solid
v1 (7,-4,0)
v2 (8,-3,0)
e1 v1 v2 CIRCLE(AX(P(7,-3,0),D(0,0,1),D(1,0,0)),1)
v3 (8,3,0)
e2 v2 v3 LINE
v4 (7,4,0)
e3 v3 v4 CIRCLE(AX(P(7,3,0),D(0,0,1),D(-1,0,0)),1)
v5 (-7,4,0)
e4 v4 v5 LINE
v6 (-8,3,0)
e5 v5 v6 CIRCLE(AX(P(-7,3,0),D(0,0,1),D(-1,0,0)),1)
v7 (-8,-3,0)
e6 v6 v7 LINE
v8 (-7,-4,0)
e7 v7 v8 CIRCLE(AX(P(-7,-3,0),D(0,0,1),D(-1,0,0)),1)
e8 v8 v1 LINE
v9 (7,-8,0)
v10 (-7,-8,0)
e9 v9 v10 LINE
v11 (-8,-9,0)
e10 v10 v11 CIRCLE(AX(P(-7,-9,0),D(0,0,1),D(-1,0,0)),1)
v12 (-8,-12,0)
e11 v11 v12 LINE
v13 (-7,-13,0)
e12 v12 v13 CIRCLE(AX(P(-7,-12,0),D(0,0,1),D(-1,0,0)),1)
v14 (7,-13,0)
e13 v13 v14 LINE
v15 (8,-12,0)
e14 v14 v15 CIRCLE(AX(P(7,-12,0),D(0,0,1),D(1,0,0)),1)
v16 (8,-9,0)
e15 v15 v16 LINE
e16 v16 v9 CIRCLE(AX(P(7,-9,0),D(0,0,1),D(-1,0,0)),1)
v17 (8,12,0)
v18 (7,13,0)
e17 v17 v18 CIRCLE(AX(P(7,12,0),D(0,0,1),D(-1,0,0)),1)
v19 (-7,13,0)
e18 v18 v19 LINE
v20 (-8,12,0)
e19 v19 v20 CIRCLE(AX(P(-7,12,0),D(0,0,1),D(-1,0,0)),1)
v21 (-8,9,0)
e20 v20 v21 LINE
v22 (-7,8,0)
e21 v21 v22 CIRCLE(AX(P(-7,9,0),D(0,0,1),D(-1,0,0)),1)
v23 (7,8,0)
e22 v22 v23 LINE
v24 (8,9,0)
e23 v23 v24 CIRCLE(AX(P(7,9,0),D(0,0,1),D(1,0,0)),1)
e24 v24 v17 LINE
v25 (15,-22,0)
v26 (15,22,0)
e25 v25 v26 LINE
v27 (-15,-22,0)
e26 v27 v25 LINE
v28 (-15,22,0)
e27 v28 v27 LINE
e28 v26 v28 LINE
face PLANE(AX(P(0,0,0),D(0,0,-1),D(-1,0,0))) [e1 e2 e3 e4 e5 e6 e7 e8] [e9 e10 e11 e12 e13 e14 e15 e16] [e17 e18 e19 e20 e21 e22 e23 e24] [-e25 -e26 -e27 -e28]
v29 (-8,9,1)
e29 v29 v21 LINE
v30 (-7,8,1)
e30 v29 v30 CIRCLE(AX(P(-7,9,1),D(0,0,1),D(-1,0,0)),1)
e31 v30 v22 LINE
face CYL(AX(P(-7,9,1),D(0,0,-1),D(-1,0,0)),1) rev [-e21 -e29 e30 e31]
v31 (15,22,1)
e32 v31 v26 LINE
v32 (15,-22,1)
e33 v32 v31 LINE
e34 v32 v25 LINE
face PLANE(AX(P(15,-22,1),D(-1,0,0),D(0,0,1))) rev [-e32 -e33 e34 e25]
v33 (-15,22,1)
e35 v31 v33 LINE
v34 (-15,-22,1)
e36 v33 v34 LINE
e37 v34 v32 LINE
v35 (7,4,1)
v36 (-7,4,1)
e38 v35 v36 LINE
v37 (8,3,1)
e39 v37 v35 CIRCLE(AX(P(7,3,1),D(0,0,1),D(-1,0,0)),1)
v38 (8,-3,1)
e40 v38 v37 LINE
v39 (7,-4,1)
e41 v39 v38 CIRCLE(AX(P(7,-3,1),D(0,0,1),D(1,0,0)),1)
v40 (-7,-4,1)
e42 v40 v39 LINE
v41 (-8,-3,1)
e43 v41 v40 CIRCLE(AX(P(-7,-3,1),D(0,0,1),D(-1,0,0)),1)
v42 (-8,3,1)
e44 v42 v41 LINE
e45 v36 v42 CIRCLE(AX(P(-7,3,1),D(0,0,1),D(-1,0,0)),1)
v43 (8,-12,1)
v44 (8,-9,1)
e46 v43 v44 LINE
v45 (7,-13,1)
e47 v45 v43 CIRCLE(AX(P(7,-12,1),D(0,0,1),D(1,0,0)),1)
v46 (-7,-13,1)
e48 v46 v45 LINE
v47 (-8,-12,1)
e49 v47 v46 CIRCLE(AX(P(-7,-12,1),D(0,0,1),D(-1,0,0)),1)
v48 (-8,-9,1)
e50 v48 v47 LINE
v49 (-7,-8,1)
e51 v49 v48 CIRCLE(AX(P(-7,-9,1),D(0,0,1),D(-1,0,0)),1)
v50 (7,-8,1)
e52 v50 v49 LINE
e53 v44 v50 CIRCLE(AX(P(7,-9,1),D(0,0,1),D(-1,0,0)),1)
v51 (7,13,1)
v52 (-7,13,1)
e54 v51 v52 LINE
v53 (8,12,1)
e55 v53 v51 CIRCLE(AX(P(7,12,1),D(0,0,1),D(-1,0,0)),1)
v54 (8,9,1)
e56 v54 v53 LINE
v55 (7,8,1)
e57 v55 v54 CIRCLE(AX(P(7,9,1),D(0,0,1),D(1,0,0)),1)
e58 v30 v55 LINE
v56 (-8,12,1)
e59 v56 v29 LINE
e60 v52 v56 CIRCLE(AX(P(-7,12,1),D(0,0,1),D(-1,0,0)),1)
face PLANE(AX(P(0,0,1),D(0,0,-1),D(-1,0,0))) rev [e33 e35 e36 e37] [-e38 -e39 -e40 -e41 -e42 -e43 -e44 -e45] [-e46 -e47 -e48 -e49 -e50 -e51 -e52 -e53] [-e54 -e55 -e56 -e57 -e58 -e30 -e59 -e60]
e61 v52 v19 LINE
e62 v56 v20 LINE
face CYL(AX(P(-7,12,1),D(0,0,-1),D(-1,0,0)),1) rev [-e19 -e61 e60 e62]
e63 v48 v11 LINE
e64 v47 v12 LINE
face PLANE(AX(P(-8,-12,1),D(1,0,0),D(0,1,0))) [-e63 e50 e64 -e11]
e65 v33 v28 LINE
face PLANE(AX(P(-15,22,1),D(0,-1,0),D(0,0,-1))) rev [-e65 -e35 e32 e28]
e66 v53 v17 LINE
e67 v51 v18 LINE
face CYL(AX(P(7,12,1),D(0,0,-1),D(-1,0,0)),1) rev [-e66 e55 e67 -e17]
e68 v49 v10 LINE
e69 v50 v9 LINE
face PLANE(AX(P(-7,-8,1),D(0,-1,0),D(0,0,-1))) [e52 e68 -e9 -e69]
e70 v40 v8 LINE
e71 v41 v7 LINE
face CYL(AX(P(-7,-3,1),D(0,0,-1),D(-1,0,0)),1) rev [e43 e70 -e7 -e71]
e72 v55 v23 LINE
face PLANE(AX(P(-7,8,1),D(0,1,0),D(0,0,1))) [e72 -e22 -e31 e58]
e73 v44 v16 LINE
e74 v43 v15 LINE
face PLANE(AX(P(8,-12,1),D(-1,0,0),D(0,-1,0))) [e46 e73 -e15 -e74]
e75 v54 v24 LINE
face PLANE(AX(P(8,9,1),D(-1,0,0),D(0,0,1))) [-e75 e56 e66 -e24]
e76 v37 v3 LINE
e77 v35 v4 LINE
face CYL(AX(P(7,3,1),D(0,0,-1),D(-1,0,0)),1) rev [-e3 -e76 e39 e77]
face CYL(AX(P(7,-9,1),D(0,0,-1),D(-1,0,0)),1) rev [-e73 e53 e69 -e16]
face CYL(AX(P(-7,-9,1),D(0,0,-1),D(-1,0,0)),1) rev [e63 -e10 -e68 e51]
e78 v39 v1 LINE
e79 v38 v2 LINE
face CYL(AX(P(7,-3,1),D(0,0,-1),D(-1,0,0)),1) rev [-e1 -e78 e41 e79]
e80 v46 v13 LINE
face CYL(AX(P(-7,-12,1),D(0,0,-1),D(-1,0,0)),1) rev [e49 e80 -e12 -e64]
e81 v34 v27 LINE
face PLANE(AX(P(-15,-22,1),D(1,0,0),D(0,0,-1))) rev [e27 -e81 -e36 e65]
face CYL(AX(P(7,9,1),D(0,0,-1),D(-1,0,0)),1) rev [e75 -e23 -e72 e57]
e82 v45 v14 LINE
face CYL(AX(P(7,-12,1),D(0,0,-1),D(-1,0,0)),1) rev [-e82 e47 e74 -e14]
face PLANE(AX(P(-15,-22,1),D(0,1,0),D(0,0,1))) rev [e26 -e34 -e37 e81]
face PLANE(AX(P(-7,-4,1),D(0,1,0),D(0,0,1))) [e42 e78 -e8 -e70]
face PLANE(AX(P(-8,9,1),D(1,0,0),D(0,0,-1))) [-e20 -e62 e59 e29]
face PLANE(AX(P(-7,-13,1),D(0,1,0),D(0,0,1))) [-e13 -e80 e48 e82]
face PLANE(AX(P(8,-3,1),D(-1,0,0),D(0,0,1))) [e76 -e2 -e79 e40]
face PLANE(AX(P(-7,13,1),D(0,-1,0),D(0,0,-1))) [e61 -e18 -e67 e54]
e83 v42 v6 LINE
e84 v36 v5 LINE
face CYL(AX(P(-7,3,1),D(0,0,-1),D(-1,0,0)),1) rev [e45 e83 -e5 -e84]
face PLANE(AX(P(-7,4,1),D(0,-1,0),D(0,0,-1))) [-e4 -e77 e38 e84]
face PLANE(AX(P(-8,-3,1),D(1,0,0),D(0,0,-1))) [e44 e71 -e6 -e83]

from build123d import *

# Parameters (mm, degrees)
SKETCH1_W           = 30
SKETCH1_H           = 44
BOSS_EXTRUDE2_DEPTH = 1


with BuildPart() as part:
    # Sketch1 → Boss-Extrude2 (new body)
    with BuildSketch(Plane.XY):
        Rectangle(SKETCH1_W, SKETCH1_H)
        with BuildLine():
            Line((-7, 8), (7, 8))
            ThreePointArc((7, 8), (7.707106781, 8.292893219), (8, 9))
            Line((8, 9), (8, 12))
            ThreePointArc((8, 12), (7.707106781, 12.707106781), (7, 13))
            Line((7, 13), (-7, 13))
            ThreePointArc((-7, 13), (-7.707106781, 12.707106781), (-8, 12))
            Line((-8, 12), (-8, 9))
            ThreePointArc((-8, 9), (-7.707106781, 8.292893219), (-7, 8))
        make_face(mode=Mode.SUBTRACT)
        with BuildLine():
            Line((-7, -4), (7, -4))
            ThreePointArc((7, -4), (7.707106781, -3.707106781), (8, -3))
            Line((8, -3), (8, 3))
            ThreePointArc((8, 3), (7.707106781, 3.707106781), (7, 4))
            Line((7, 4), (-7, 4))
            ThreePointArc((-7, 4), (-7.707106781, 3.707106781), (-8, 3))
            Line((-8, 3), (-8, -3))
            ThreePointArc((-8, -3), (-7.707106781, -3.707106781), (-7, -4))
        make_face(mode=Mode.SUBTRACT)
        with BuildLine():
            Line((-7, -13), (7, -13))
            ThreePointArc((7, -13), (7.707106781, -12.707106781), (8, -12))
            Line((8, -12), (8, -9))
            ThreePointArc((8, -9), (7.707106781, -8.292893219), (7, -8))
            Line((7, -8), (-7, -8))
            ThreePointArc((-7, -8), (-7.707106781, -8.292893219), (-8, -9))
            Line((-8, -9), (-8, -12))
            ThreePointArc((-8, -12), (-7.707106781, -12.707106781), (-7, -13))
        make_face(mode=Mode.SUBTRACT)
    extrude(amount=BOSS_EXTRUDE2_DEPTH)


solid = part.part
